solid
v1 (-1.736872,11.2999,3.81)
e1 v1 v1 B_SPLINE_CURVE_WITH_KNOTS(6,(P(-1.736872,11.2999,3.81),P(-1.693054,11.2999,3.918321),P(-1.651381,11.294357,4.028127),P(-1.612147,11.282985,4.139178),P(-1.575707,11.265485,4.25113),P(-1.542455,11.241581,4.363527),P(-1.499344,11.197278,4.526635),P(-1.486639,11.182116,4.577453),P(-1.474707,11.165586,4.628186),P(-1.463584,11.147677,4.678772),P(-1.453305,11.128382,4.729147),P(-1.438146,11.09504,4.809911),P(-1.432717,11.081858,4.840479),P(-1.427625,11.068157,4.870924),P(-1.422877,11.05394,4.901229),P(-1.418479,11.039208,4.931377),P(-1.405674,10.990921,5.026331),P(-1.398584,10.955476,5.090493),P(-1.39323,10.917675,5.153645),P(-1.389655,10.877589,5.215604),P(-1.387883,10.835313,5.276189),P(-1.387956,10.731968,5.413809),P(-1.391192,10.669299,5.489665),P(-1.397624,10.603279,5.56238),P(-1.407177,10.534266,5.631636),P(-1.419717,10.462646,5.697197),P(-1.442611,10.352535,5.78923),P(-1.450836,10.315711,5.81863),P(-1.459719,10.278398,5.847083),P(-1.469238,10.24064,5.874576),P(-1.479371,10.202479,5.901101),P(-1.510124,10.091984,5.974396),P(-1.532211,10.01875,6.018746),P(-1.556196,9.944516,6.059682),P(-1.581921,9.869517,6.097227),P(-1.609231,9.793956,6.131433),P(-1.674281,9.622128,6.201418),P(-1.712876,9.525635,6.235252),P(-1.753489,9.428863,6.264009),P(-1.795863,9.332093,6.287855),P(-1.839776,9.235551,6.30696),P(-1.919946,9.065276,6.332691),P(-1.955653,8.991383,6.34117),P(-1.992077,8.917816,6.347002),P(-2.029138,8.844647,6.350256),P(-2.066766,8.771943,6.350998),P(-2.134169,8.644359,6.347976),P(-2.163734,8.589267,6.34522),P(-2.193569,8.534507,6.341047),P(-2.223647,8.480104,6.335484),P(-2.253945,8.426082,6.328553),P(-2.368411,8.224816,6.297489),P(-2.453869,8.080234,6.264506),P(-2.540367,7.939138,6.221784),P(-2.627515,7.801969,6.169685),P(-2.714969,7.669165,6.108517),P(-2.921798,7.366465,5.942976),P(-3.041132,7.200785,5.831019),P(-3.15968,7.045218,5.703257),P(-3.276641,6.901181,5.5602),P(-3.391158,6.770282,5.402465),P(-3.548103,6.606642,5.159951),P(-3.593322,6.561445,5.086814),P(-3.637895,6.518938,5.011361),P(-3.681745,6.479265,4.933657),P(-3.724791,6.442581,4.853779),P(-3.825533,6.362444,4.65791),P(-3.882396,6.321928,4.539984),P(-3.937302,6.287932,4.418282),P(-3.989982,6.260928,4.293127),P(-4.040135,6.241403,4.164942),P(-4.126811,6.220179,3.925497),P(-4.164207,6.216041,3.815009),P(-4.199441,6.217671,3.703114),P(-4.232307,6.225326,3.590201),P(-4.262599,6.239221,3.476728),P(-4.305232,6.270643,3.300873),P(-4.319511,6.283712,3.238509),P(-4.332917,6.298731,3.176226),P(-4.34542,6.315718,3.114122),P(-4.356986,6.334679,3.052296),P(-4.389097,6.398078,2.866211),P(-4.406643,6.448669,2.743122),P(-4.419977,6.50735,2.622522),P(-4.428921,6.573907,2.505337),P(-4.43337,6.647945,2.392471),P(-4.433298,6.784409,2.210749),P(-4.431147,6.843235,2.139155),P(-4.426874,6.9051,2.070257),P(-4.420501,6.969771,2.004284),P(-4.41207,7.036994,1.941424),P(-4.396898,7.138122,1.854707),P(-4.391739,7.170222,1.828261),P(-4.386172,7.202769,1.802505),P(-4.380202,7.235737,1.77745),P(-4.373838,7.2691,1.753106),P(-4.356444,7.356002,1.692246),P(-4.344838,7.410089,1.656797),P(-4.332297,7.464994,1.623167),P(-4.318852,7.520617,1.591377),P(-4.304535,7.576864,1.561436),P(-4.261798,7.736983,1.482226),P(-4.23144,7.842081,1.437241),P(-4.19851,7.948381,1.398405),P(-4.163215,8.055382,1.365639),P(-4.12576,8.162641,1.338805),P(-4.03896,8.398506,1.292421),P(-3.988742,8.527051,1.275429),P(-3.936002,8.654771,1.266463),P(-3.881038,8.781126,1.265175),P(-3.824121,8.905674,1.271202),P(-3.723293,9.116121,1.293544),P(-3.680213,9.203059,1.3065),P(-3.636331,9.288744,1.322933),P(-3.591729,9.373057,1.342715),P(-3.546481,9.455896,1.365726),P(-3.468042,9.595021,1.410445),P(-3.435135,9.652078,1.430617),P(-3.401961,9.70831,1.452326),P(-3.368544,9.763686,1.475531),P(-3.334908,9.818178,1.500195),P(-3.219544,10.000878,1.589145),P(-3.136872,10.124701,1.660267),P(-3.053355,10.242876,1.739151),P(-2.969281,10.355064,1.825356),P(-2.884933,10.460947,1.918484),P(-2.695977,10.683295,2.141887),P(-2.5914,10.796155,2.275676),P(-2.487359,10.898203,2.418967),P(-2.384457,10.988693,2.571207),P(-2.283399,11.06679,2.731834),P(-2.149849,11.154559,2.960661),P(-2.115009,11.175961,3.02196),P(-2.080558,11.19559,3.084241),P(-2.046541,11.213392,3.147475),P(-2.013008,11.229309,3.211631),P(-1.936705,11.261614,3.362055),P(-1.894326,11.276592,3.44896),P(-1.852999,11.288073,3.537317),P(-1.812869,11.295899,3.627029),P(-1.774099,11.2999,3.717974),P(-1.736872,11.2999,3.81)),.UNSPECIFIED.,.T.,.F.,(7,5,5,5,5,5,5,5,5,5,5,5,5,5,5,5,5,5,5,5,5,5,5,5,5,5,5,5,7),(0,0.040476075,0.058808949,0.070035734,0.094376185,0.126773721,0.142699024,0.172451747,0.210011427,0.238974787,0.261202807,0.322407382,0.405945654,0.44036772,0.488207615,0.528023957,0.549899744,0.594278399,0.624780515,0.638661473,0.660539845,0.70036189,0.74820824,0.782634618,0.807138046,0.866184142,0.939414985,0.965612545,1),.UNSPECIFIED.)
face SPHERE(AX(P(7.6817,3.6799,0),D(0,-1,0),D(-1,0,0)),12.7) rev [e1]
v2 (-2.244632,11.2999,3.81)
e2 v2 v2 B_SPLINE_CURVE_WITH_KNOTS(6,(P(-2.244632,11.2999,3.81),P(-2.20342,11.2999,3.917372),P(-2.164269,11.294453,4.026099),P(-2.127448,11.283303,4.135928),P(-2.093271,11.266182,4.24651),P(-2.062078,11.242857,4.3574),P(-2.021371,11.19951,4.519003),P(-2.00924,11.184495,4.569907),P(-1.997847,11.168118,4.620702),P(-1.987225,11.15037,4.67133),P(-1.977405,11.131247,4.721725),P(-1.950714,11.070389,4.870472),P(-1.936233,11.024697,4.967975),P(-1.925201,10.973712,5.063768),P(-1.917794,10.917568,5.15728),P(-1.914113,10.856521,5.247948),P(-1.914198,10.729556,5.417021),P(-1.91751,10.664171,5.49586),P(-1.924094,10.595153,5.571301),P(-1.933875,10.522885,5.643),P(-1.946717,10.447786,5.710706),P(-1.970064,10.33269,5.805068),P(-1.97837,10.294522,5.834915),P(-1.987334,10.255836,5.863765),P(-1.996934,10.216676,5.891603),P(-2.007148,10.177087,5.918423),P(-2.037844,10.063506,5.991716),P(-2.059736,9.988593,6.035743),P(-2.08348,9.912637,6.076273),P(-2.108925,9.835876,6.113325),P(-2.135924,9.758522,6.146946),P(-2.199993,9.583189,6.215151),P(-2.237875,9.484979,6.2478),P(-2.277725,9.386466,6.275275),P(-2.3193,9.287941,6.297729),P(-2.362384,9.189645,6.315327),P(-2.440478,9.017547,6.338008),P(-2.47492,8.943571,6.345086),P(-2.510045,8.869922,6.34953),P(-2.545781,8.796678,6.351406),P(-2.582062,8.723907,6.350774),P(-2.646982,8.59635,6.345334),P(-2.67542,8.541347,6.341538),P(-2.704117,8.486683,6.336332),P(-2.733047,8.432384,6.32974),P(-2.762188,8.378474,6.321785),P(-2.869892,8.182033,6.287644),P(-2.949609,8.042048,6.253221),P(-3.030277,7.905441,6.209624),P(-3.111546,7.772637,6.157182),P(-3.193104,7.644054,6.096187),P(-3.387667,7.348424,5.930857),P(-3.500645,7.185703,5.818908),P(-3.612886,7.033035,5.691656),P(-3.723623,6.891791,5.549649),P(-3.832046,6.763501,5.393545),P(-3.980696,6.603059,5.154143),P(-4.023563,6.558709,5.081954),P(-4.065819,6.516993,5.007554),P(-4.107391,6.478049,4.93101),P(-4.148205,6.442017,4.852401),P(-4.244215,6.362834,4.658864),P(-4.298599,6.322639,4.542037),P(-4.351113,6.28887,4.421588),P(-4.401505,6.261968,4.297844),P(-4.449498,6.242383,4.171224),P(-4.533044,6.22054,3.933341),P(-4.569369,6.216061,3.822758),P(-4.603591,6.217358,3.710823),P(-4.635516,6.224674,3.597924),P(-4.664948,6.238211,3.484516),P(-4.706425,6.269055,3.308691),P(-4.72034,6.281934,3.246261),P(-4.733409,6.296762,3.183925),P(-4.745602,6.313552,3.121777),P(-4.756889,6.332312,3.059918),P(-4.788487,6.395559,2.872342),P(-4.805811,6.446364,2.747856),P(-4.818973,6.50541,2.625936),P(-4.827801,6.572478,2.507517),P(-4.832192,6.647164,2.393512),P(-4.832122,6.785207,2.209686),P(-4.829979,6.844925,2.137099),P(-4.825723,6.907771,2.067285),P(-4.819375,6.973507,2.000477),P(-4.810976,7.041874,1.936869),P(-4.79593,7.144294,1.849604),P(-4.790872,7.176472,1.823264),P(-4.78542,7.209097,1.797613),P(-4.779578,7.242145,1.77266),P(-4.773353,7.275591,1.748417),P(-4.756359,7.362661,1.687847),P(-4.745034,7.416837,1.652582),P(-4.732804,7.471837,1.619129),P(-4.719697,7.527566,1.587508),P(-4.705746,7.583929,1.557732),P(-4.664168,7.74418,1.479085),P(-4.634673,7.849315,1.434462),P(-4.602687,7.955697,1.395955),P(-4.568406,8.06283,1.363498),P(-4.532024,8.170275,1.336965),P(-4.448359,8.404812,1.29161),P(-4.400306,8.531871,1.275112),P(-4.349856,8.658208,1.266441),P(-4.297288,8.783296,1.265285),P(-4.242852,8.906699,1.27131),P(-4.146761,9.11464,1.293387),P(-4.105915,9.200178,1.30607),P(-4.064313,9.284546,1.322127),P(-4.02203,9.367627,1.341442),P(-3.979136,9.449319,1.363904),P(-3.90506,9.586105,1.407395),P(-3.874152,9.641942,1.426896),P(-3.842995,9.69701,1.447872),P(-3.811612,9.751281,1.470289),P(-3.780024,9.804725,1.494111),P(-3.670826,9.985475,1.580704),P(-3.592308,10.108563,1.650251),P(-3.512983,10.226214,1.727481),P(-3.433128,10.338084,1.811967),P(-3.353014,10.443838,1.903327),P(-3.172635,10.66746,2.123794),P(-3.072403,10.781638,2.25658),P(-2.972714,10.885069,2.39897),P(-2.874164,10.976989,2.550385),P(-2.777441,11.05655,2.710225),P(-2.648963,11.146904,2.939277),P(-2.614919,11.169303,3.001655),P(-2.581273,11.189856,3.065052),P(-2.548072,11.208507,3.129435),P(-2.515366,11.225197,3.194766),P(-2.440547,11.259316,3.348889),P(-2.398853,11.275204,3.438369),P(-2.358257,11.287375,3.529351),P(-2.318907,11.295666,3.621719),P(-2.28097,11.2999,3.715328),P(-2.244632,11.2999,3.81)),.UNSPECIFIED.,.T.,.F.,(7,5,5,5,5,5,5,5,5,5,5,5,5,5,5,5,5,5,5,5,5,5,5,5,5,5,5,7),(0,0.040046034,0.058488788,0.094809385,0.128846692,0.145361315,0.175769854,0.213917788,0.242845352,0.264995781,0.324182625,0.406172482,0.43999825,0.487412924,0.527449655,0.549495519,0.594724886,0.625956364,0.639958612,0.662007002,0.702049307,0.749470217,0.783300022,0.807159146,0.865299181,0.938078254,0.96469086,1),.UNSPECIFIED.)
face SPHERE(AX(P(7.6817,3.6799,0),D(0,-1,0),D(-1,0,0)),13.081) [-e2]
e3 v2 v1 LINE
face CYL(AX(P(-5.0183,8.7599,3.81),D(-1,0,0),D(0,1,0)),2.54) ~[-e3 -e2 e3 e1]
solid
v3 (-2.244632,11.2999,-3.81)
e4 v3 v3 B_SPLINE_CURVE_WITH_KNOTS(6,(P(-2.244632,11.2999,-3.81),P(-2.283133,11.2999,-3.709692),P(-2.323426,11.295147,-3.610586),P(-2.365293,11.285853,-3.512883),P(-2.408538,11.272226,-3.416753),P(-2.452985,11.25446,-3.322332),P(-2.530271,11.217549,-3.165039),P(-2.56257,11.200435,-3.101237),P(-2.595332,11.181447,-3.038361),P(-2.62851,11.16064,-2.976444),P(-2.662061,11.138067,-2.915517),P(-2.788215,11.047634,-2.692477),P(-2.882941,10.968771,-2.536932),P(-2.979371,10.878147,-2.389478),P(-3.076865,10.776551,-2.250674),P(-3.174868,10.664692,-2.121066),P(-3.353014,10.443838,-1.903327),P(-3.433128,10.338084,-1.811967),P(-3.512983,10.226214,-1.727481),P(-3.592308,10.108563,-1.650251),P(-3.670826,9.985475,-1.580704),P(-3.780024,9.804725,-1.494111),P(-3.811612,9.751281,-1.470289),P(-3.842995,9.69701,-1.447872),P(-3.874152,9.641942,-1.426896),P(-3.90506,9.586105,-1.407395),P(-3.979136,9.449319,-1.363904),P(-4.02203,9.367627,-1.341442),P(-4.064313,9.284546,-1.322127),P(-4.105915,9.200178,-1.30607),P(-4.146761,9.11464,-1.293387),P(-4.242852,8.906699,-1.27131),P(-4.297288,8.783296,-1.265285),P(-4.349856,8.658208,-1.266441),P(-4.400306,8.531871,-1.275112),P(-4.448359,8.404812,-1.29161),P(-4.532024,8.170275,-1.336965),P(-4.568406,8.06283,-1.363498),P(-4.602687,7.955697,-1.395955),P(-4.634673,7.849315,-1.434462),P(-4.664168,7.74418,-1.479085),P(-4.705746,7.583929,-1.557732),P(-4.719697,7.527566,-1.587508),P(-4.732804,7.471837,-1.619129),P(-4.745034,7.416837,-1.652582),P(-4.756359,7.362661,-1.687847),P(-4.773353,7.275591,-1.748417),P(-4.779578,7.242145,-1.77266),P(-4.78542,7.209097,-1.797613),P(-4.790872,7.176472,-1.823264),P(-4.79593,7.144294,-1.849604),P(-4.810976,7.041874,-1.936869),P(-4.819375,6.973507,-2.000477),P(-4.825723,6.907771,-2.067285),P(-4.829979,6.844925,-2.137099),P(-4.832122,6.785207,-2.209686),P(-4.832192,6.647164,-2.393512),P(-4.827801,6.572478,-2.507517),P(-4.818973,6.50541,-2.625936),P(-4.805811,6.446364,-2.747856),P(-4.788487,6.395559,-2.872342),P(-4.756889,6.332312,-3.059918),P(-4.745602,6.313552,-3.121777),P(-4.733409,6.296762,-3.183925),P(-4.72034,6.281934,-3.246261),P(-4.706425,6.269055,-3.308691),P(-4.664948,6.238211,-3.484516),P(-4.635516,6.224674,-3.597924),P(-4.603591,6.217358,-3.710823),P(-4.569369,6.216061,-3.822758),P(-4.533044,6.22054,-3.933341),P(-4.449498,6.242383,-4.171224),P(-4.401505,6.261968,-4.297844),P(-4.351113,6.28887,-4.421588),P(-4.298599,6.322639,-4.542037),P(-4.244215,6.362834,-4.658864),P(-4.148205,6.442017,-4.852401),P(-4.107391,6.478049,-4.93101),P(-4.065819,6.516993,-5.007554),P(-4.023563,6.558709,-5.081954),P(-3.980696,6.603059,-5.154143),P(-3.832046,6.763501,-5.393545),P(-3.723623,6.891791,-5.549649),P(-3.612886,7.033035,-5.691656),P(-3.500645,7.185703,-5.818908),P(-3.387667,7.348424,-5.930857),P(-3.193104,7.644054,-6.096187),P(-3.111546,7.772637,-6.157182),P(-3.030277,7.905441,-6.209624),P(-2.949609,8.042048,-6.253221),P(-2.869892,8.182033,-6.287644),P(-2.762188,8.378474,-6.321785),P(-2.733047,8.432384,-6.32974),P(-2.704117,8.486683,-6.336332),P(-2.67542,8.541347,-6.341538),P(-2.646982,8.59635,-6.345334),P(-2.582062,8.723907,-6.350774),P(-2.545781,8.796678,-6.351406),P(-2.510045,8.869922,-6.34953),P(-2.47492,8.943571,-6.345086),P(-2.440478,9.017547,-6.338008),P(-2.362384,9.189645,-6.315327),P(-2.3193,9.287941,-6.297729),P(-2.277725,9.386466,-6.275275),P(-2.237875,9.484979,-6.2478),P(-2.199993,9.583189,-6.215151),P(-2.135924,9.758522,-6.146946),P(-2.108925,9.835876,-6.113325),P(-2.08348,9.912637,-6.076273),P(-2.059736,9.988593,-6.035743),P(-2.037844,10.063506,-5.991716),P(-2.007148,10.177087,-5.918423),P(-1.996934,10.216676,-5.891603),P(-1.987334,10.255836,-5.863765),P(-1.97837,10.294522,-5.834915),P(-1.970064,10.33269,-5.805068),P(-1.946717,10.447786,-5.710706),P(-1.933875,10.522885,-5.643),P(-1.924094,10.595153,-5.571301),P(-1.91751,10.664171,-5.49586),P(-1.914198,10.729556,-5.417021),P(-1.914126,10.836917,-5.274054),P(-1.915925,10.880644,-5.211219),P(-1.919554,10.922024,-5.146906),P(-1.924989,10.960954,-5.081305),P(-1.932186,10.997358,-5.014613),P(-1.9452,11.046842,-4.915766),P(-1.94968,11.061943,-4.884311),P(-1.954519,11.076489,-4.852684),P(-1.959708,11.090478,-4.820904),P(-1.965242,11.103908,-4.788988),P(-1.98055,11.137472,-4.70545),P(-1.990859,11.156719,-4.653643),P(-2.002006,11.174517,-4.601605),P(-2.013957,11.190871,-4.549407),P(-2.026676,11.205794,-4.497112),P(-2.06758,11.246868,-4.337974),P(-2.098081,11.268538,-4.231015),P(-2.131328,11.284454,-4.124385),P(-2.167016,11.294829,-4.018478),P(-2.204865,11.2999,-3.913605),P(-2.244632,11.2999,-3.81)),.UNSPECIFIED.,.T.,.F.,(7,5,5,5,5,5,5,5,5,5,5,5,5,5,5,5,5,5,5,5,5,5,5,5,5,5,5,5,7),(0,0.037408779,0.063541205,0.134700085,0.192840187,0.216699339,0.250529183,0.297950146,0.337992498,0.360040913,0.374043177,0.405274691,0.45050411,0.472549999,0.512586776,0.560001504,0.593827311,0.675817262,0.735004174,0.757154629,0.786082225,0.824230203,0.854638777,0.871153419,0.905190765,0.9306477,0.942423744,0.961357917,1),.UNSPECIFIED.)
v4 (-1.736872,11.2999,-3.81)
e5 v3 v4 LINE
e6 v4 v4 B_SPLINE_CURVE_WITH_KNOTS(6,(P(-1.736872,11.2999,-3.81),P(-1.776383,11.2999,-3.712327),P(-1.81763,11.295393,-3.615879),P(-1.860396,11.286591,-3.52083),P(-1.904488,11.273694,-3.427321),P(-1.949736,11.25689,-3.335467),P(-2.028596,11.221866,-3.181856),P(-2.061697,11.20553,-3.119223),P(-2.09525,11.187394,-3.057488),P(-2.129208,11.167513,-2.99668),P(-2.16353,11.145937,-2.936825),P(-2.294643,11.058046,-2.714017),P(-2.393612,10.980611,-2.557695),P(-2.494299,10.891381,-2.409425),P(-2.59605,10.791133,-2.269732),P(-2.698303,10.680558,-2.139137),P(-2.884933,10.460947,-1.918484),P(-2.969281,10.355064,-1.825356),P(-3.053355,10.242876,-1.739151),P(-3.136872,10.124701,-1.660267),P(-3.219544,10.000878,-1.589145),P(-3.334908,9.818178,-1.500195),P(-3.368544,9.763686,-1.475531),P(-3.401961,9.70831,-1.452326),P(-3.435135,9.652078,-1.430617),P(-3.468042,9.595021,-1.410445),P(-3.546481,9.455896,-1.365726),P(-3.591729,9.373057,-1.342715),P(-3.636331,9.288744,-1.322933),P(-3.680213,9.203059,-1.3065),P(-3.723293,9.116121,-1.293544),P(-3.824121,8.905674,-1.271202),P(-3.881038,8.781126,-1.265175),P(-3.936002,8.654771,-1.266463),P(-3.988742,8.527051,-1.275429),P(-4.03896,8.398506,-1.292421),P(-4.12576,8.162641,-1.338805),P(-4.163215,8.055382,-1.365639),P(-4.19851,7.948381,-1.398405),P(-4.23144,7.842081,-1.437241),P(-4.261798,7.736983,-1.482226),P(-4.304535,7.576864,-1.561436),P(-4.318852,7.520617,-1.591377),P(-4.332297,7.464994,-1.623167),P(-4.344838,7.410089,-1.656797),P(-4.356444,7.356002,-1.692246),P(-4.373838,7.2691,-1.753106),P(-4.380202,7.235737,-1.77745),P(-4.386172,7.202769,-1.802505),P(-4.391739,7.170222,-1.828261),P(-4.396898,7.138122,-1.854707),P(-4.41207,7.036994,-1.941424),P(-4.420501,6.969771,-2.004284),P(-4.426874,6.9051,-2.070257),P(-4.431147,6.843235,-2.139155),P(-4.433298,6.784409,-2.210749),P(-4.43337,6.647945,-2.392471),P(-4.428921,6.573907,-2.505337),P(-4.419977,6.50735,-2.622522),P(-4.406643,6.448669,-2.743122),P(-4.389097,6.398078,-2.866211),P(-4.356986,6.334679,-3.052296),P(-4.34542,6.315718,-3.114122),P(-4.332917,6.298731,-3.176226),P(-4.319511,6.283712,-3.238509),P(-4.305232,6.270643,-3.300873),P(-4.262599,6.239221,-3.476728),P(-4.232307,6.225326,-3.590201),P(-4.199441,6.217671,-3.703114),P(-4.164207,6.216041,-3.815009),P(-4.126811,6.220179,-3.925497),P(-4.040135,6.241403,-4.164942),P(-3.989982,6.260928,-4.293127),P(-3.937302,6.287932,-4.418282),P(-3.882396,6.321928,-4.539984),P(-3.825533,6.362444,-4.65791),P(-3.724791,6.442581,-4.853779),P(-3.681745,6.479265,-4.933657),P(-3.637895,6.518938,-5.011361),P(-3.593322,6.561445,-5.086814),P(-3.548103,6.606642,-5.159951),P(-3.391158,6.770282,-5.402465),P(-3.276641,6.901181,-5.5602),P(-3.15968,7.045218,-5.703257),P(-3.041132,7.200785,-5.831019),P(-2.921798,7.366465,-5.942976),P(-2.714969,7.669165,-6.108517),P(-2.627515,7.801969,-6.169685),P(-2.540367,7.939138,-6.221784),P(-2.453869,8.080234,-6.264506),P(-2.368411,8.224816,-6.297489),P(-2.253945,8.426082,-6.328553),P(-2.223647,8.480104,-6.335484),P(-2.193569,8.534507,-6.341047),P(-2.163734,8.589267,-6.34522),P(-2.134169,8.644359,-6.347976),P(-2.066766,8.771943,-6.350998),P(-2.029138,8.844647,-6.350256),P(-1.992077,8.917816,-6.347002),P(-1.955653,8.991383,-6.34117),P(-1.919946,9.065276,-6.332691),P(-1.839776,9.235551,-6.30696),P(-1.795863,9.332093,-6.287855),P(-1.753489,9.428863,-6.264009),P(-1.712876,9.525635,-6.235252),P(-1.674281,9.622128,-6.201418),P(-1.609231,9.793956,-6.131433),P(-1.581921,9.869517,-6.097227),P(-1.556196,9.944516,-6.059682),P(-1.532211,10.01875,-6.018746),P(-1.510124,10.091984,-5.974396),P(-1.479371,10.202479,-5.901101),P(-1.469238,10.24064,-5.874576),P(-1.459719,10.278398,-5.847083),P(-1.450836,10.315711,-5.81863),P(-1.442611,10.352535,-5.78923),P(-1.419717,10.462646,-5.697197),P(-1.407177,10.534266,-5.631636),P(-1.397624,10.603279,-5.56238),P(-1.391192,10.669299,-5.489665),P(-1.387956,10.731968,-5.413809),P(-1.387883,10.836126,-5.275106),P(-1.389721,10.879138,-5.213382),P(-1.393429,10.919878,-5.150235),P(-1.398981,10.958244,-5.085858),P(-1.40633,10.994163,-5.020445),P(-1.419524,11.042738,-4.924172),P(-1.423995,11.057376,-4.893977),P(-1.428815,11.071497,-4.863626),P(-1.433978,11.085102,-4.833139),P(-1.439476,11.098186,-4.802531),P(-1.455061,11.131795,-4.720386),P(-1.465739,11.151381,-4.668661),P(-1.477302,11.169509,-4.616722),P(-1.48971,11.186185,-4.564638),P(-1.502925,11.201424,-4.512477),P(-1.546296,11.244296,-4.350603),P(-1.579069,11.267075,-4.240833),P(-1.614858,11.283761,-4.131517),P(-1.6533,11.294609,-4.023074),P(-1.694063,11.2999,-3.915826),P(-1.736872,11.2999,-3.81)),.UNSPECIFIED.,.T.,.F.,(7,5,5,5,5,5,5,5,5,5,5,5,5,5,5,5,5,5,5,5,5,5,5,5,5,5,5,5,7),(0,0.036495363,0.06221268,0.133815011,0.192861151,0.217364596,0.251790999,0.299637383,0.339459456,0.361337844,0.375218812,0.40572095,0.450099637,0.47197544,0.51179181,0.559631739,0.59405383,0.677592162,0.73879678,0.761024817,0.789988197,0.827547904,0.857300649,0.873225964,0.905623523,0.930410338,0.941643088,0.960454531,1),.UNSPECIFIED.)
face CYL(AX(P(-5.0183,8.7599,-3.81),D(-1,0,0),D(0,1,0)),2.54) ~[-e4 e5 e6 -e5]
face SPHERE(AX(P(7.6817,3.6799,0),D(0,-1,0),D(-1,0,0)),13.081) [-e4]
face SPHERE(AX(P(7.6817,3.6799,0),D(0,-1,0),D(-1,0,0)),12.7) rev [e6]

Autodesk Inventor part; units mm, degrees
ref_plane "XZ Plane" through (0, 0, 0) normal (0, 1, 0) x (-1, 0, 0)
ref_plane "XY Plane" through (0, 0, 0) normal (0, 0, 1) x (1, 0, 0)
sketch "Sketch1" plane through (0, 0, 0) normal (0, 0, 1) x (1, 0, 0)
  arc A0 (20.3817, 3.6799) -> (-5.0183, 3.6799) centre (7.6817, 3.6799) ccw
  line L0 (-5.0183, -9.6551) -> (-5.0183, 3.6799)
  line L1 (-5.0183, 3.6799) -> (20.3817, 3.6799) projected
  line L2 (7.6817, 3.6799) -> (7.6817, 16.3799)
  point P0 (0, 0)
ref_plane "Work Plane1" through (-5.0183, 3.6799, 0) normal (1, 0, 0) x (0, 1, 0)
sketch "Sketch2" plane through (-5.0183, 3.6799, 0) normal (1, 0, 0) x (0, 1, 0)
  arc A0 (0, -12.7) -> (0, 12.7) centre (0, 0.8576) ccw
  line L0 (0, 12.7) -> (0, -12.7) projected
  line L1 (0, 12.7) -> (0, -12.7) projected
  circle A1 centre (5.08, 3.81) radius 2.54
  line L2 (12.671, 0) -> (-9.5008, 0)
  circle A2 centre (5.08, -3.81) radius 2.54
  point P0 (-3.6799, 0)
  dimension "d1" = 5.08
  dimension "d2" = 5.08
  dimension "d3" = 8.89
extrude "Extrusion1" add sketch "Sketch2" along normal blind 5.08 contours A1 | A2
sketch "Sketch3" plane through (0, 0, 0) normal (0, 0, 1) x (1, 0, 0)
  arc A0 (20.3817, 3.6799) -> (-5.0183, 3.6799) centre (7.6817, 3.6799) ccw projected
  line L0 (-5.0183, 3.6799) -> (20.3817, 3.6799) projected
  arc A1 (20.3817, 3.6799) -> (-5.0183, 3.6799) centre (7.6817, 3.6799) ccw
  line L1 (7.6817, 3.6799) -> (7.6817, 16.3799)
  arc A2 (7.6817, 16.3799) -> (-5.0183, 3.6799) centre (7.6817, 3.6799) ccw
  line L2 (7.6817, 3.6799) -> (-5.0183, 3.6799)
  line L3 (7.6817, 16.3799) -> (7.6817, 3.6799)
  circle A3 centre (7.6817, 3.6799) radius 13.208
  line L4 (7.6817, 3.6799) -> (-5.5263, 3.6799)
  line L5 (7.6817, 3.6799) -> (7.6817, 16.8879)
  arc A4 (7.6817, 16.8879) -> (-5.5263, 3.6799) centre (7.6817, 3.6799) ccw
  point P0 (0, 0)
  dimension "d7" = 0.508
revolve "Revolution1" cut sketch "Sketch3" angle 360 about axis through (7.6817, 3.6799, 0) along (0, 1, 0) picked at (4.9029, 11.6212) contours L1 L0 A0
sketch "Sketch4" plane through (0, 0, 0) normal (0, 0, 1) x (1, 0, 0)
  arc A0 (20.3817, 3.6799) -> (-5.0183, 3.6799) centre (7.6817, 3.6799) ccw
  line L0 (7.6817, 3.6799) -> (7.6817, 16.3799)
  line L1 (7.6817, 3.6799) -> (-5.0183, 3.6799)
  circle A1 centre (7.6817, 3.6799) radius 13.081
  line L2 (7.6817, 16.7609) -> (7.6817, 3.6799)
  line L3 (7.6817, 3.6799) -> (-5.3993, 3.6799)
  arc A2 (7.6817, 16.7609) -> (-5.3993, 3.6799) centre (7.6817, 3.6799) ccw
  point P0 (0, 0)
  dimension "d8" = 0.381
revolve "Revolution2" cut sketch "Sketch4" angle 360 about axis through (7.6817, 16.7609, 0) along (0, -1, 0) keep common part contours A0 L3 A1 L2
properties part number "GhostEye"
